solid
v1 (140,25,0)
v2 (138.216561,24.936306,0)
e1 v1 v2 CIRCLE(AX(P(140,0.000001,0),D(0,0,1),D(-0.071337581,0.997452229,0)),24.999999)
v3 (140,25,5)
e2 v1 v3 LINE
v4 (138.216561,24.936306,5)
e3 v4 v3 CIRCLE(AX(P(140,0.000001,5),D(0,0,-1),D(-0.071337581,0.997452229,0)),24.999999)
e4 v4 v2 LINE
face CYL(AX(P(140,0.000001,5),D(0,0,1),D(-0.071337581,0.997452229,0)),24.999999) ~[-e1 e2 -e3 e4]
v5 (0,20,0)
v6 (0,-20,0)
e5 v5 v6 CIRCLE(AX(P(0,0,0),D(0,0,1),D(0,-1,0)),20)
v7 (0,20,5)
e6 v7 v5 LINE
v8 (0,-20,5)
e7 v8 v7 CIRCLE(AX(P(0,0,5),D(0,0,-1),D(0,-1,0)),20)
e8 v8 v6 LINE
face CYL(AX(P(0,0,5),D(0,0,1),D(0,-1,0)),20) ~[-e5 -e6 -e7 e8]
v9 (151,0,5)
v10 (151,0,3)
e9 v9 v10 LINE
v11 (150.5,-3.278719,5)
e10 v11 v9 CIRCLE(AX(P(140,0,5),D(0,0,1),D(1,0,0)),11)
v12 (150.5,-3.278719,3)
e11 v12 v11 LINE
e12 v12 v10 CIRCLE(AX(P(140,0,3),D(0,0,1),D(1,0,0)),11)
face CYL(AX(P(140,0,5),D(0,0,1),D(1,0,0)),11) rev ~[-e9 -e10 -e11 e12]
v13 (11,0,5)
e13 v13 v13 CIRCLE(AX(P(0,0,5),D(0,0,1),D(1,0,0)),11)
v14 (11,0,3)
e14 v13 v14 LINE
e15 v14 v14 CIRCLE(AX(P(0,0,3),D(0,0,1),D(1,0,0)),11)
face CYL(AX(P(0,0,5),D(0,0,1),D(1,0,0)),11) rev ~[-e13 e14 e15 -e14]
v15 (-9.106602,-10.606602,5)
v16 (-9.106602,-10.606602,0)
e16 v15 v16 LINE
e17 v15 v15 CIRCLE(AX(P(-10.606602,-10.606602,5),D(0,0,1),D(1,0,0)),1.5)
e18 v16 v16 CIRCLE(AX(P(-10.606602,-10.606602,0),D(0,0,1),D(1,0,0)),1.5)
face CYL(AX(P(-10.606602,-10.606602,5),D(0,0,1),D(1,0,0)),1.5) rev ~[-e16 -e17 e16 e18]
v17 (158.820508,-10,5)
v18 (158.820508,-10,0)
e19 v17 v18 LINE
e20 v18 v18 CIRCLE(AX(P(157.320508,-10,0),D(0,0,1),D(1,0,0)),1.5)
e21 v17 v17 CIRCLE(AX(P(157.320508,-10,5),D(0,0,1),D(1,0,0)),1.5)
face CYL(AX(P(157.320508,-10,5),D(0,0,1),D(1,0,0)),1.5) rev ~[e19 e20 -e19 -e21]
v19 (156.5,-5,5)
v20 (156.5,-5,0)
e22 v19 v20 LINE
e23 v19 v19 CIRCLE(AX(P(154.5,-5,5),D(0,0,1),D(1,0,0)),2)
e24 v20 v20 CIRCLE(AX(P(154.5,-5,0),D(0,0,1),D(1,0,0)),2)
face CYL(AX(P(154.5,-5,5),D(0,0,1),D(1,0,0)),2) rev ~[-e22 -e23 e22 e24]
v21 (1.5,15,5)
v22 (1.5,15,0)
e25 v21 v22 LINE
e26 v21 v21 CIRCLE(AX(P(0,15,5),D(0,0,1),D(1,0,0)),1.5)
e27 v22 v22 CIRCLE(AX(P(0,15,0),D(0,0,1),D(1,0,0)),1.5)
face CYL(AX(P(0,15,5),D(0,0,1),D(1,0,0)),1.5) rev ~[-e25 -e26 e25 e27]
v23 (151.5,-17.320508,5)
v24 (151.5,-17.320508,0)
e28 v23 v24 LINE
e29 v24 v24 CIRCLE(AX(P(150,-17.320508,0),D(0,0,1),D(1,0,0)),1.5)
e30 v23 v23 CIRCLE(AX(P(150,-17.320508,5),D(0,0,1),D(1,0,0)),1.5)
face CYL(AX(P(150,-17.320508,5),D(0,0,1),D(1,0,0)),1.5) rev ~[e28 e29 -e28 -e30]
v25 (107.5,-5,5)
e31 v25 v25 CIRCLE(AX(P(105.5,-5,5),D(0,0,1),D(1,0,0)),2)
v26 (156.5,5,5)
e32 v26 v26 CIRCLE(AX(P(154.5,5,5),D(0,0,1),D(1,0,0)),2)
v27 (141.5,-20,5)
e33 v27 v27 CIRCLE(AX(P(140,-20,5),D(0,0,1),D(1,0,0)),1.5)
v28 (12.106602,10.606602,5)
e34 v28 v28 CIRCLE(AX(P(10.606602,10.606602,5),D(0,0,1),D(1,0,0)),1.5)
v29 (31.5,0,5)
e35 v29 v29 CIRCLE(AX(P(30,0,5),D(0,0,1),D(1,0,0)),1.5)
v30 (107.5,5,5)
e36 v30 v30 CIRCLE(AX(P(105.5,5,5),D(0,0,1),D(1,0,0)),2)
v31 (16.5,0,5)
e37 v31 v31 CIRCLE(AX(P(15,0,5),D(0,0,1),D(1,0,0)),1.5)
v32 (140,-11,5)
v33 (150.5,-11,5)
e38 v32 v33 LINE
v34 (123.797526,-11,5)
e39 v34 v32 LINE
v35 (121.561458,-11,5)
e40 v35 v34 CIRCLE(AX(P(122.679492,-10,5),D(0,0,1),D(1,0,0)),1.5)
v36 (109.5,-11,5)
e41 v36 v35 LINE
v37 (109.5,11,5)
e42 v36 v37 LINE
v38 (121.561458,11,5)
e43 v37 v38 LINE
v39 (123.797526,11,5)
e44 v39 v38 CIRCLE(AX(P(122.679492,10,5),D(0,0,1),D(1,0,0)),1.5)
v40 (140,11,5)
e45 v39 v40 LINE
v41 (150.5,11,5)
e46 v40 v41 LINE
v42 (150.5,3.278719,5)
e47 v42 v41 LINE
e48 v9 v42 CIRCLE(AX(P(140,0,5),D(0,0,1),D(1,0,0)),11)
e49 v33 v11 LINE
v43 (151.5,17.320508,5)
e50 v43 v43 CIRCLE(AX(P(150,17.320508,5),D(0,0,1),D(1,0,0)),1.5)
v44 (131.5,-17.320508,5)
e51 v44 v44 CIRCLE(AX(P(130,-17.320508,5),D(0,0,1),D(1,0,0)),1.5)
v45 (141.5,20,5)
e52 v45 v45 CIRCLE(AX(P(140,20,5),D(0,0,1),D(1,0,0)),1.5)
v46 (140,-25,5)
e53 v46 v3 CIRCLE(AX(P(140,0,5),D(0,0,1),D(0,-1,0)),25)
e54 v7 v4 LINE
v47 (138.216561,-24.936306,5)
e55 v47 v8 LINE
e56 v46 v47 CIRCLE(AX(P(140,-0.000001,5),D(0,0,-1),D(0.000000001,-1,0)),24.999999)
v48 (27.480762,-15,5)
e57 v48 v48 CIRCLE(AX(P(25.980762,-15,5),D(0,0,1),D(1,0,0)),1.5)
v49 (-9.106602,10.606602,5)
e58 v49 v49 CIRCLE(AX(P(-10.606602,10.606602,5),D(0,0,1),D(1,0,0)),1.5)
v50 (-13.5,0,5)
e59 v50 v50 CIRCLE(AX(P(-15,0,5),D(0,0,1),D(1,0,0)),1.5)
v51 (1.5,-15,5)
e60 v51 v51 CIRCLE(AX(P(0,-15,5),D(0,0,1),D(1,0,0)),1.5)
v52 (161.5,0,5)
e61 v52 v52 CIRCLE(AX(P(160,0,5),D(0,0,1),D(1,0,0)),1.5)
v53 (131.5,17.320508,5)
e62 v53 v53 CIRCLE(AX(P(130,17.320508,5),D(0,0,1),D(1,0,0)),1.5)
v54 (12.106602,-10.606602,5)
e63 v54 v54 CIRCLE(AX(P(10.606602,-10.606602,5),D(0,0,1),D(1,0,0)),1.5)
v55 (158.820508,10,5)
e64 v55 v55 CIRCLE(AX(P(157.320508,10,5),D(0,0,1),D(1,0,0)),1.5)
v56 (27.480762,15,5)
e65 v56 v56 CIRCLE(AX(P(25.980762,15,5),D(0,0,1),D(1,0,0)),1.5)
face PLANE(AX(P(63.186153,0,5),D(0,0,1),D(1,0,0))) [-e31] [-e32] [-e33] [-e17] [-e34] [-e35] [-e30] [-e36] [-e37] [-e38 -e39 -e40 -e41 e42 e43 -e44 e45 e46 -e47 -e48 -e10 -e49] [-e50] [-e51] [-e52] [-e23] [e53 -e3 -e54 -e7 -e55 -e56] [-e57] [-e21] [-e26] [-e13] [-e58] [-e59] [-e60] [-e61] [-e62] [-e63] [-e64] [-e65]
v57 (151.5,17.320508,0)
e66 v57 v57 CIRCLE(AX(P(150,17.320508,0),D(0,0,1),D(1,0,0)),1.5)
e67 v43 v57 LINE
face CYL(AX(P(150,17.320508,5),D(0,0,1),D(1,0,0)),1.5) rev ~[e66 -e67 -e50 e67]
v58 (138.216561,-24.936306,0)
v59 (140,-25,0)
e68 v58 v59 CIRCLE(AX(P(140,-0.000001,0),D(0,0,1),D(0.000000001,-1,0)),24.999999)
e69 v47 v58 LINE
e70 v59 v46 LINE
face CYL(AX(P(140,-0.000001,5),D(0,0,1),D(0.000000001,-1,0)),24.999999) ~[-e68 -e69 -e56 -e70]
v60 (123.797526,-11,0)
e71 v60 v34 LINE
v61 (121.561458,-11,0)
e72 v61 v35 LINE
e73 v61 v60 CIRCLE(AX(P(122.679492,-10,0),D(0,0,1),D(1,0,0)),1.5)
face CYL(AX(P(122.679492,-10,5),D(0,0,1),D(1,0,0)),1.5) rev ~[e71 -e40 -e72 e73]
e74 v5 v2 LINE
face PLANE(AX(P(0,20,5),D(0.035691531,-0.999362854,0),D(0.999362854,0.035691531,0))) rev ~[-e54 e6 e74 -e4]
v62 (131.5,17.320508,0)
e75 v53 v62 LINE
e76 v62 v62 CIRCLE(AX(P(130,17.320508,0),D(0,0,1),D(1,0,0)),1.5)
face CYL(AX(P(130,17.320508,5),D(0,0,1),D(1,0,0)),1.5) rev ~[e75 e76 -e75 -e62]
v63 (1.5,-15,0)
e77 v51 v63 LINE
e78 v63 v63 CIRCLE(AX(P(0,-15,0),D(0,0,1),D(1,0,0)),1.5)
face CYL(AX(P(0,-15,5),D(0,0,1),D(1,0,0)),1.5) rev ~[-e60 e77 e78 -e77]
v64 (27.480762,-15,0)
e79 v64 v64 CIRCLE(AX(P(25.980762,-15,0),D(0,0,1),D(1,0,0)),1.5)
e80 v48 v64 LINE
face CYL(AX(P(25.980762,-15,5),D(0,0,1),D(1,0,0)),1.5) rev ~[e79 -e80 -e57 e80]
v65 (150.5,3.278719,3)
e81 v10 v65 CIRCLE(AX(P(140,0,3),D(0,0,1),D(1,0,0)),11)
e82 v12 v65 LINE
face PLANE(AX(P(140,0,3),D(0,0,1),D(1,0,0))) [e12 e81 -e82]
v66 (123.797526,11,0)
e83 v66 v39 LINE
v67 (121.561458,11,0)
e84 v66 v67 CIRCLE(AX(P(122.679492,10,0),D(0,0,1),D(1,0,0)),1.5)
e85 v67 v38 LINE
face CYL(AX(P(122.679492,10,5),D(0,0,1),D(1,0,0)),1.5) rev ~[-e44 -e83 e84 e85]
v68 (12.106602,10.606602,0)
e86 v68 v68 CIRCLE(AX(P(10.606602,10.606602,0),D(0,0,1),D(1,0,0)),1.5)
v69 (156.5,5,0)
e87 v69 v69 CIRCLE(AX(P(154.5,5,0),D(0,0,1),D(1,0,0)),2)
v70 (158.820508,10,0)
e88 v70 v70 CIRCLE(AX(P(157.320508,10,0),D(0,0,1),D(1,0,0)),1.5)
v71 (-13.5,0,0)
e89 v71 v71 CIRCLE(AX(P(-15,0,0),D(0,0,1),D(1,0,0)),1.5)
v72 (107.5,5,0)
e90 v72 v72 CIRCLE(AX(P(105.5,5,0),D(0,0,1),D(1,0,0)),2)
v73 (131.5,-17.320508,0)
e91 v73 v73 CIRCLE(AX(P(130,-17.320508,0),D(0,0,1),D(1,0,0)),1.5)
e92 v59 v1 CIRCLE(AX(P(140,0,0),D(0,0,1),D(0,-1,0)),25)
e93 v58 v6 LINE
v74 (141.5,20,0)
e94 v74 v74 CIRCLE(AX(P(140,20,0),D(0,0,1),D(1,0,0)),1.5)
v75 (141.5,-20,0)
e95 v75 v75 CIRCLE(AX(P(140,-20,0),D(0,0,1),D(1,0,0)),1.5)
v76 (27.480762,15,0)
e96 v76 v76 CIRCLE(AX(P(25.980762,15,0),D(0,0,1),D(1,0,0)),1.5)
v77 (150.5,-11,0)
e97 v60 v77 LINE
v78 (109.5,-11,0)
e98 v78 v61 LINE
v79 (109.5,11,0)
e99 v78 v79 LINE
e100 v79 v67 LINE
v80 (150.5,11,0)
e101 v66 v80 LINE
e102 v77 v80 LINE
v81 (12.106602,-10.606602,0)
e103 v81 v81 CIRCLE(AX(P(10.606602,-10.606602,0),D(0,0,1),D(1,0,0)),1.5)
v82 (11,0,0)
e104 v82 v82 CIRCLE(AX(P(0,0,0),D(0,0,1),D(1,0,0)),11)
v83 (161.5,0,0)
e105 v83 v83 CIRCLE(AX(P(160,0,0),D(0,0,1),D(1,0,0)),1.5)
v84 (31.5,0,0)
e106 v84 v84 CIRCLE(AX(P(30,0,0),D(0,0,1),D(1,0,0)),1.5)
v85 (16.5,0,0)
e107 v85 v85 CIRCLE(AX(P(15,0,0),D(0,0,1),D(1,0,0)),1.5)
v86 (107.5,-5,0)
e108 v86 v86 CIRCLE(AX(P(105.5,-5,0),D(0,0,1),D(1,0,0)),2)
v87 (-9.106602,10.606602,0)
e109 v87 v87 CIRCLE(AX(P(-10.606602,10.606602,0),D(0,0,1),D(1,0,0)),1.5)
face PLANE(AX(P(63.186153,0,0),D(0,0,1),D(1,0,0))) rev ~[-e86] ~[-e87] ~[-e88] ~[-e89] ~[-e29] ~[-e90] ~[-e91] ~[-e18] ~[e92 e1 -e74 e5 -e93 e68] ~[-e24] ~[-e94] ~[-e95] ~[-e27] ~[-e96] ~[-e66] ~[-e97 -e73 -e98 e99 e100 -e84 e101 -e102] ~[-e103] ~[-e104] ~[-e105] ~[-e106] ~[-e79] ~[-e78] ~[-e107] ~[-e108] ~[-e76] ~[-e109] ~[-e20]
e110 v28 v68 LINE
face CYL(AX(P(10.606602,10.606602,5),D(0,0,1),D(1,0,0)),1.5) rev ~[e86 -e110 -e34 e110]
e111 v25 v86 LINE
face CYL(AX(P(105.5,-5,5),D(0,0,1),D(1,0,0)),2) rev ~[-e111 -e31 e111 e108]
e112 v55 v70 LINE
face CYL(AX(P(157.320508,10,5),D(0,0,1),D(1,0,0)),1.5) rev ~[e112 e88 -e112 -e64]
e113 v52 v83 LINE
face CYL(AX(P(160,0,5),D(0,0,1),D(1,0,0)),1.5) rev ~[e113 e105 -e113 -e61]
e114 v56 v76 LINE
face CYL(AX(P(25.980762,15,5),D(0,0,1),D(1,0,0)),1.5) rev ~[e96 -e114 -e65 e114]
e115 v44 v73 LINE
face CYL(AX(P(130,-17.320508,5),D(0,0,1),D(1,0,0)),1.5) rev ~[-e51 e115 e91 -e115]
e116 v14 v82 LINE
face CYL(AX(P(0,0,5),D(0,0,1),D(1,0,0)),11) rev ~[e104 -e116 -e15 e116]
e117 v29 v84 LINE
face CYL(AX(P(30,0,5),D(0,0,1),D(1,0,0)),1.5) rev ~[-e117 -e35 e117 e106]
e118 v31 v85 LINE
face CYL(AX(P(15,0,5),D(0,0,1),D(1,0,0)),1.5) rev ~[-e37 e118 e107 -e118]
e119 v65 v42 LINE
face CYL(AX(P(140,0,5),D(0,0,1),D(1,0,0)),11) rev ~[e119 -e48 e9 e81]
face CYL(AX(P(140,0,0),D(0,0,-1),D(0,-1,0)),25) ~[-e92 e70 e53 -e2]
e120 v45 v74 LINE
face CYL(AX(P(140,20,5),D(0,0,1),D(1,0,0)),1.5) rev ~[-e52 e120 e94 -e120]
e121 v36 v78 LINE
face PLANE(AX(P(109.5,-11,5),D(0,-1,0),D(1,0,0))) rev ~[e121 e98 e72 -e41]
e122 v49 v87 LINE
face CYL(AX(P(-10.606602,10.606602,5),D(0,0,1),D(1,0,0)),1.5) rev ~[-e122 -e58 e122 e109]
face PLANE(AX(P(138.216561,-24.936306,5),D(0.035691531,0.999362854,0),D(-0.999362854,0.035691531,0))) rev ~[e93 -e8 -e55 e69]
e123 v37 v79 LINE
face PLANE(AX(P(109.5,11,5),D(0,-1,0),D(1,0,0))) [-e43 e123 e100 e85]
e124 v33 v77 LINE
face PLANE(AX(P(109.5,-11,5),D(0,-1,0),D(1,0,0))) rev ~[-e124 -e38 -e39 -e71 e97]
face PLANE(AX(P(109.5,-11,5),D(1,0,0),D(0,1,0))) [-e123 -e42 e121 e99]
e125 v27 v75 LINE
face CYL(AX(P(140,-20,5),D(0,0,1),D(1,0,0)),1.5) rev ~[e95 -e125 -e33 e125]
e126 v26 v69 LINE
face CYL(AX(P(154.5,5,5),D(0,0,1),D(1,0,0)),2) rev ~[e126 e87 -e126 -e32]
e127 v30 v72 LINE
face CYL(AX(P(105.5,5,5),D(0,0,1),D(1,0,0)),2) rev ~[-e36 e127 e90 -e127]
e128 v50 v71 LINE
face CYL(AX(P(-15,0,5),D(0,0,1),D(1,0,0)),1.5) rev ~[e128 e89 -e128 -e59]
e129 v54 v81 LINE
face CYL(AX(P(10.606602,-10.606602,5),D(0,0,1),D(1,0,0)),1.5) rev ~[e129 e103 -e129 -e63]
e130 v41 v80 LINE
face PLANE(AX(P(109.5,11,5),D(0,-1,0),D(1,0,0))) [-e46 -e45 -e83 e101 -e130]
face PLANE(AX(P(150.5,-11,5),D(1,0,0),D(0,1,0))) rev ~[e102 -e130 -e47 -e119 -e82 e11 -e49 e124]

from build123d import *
from build123d.topology import SkipClean

# Parameters (mm, degrees)
EXTRUDE_3_DEPTH      = 5
SKETCH_4_R           = 4
SKETCH_4_R_2         = 1.5
CUT_EXTRUDE_3_DEPTH  = 5
SKETCH_5_R           = 11
CUT_EXTRUDE_4_DEPTH  = 2
SKETCH_6_R           = 1.5
CUT_EXTRUDE_6_DEPTH  = 169.745370307
SKETCH_7_R           = 1.5
CUT_EXTRUDE_7_DEPTH  = 10
SKETCH_8_R           = 11
CUT_EXTRUDE_8_DEPTH  = 10
SKETCH_9_R           = 1.5
CUT_EXTRUDE_9_DEPTH  = 10
SKETCH_10_R          = 5
CUT_EXTRUDE_10_DEPTH = 10
SKETCH_11_R          = 2
CUT_EXTRUDE_11_DEPTH = 10
SKETCH_12_W          = 41
SKETCH_12_H          = 22
CUT_EXTRUDE_12_DEPTH = 10


with BuildPart() as part:
    # 草图1 → 凸台-拉伸3 (new body)
    with BuildSketch(Plane.XY):
        with BuildLine():
            Line((140, 25), (0, 35))
            ThreePointArc((0, 35), (-35, 0), (0, -35))
            Line((0, -35), (140, -25))
            ThreePointArc((140, -25), (165, 0), (140, 25))
        make_face()
    extrude(amount=EXTRUDE_3_DEPTH)

    # 草图4 → 切除-拉伸3 (cut)
    with BuildSketch(Plane.XY.offset(5)):
        with Locations((140, 0)):
            Circle(SKETCH_4_R)
        Circle(SKETCH_4_R)
        with BuildLine():
            Line((-5, -3.5), (-5, -5))
            Line((-5, -5), (-3.5, -5))
            ThreePointArc((-3.5, -5), (-3.939339828, -3.939339828), (-5, -3.5))
        make_face()
        with BuildLine():
            Line((-3.5, -5), (-5, -5))
            Line((-5, -5), (-5, -3.5))
            ThreePointArc((-5, -3.5), (-6.060660172, -6.060660172), (-3.5, -5))
        make_face()
        with Locations((135, 5)):
            Circle(SKETCH_4_R_2)
        with Locations((135, -5)):
            Circle(SKETCH_4_R_2)
        with Locations((145, -5)):
            Circle(SKETCH_4_R_2)
        with Locations((145, 5)):
            Circle(SKETCH_4_R_2)
        with Locations((-5, 5)):
            Circle(SKETCH_4_R_2)
        with Locations((5, 5)):
            Circle(SKETCH_4_R_2)
        with Locations((5, -5)):
            Circle(SKETCH_4_R_2)
    extrude(amount=-CUT_EXTRUDE_3_DEPTH, mode=Mode.SUBTRACT)

    # 草图5 → 切除-拉伸4 (cut)
    with BuildSketch(Plane.XY.offset(5)):
        Circle(SKETCH_5_R)
        with Locations((140, 0)):
            Circle(SKETCH_5_R)
    extrude(amount=-CUT_EXTRUDE_4_DEPTH, mode=Mode.SUBTRACT)

    # 草图6 → 切除-拉伸6 (cut, through all)
    with BuildSketch(Plane.XY.offset(5)):
        with Locations((0, 30)):
            Circle(SKETCH_6_R)
        with Locations((15, 25.980762114)):
            Circle(SKETCH_6_R)
        with Locations((25.980762114, 15)):
            Circle(SKETCH_6_R)
        with Locations((30, 0)):
            Circle(SKETCH_6_R)
        with Locations((25.980762114, -15)):
            Circle(SKETCH_6_R)
        with Locations((15, -25.980762114)):
            Circle(SKETCH_6_R)
        with Locations((0, -30)):
            Circle(SKETCH_6_R)
        with Locations((-15, -25.980762114)):
            Circle(SKETCH_6_R)
        with Locations((-25.980762114, -15)):
            Circle(SKETCH_6_R)
        with Locations((-30, 0)):
            Circle(SKETCH_6_R)
        with Locations((-25.980762114, 15)):
            Circle(SKETCH_6_R)
        with Locations((-15, 25.980762114)):
            Circle(SKETCH_6_R)
        with Locations((140, 20)):
            Circle(SKETCH_6_R)
        with Locations((150, 17.320508076)):
            Circle(SKETCH_6_R)
        with Locations((157.320508076, 10)):
            Circle(SKETCH_6_R)
        with Locations((160, 0)):
            Circle(SKETCH_6_R)
        with Locations((157.320508076, -10)):
            Circle(SKETCH_6_R)
        with Locations((150, -17.320508076)):
            Circle(SKETCH_6_R)
        with Locations((140, -20)):
            Circle(SKETCH_6_R)
        with Locations((130, -17.320508076)):
            Circle(SKETCH_6_R)
        with Locations((122.679491924, -10)):
            Circle(SKETCH_6_R)
        with Locations((120, 0)):
            Circle(SKETCH_6_R)
        with Locations((122.679491924, 10)):
            Circle(SKETCH_6_R)
        with Locations((130, 17.320508076)):
            Circle(SKETCH_6_R)
    extrude(amount=-CUT_EXTRUDE_6_DEPTH, mode=Mode.SUBTRACT)

    # 草图7 → 切除-拉伸7 (cut)
    with SkipClean():  # the faces are left unmerged after this step: merging them gives an invalid solid
        with BuildSketch(Plane.XY.offset(5)):
            with BuildLine():
                ThreePointArc((138.21656051, 24.936305732), (139.107711737, 24.984071359), (140, 25))
                Line((140, 25), (0, 35))
                ThreePointArc((0, 35), (-35, 0), (0, -35))
                Line((0, -35), (140, -25))
                ThreePointArc((140, -25), (139.107711737, -24.984071359), (138.21656051, -24.936305732))
                Line((138.21656051, -24.936305732), (0, -20))
                ThreePointArc((0, -20), (-20, 0), (0, 20))
                Line((0, 20), (138.21656051, 24.936305732))
            make_face()
            with Locations((0, -30)):
                Circle(SKETCH_7_R, mode=Mode.SUBTRACT)
            with Locations((-15, -25.980762114)):
                Circle(SKETCH_7_R, mode=Mode.SUBTRACT)
            with Locations((15, -25.980762114)):
                Circle(SKETCH_7_R, mode=Mode.SUBTRACT)
            with Locations((-25.980762114, -15)):
                Circle(SKETCH_7_R, mode=Mode.SUBTRACT)
            with Locations((-30, 0)):
                Circle(SKETCH_7_R, mode=Mode.SUBTRACT)
            with Locations((-25.980762114, 15)):
                Circle(SKETCH_7_R, mode=Mode.SUBTRACT)
            with Locations((-15, 25.980762114)):
                Circle(SKETCH_7_R, mode=Mode.SUBTRACT)
            with Locations((0, 30)):
                Circle(SKETCH_7_R, mode=Mode.SUBTRACT)
            with Locations((15, 25.980762114)):
                Circle(SKETCH_7_R, mode=Mode.SUBTRACT)
        extrude(amount=-CUT_EXTRUDE_7_DEPTH, mode=Mode.SUBTRACT)

    # 草图8 → 切除-拉伸8 (cut)
    with SkipClean():  # the faces are left unmerged after this step: merging them gives an invalid solid
        with BuildSketch(Plane.XY.offset(5)):
            Circle(SKETCH_8_R)
        extrude(amount=-CUT_EXTRUDE_8_DEPTH, mode=Mode.SUBTRACT)

    # 草图9 → 切除-拉伸9 (cut)
    with SkipClean():  # the faces are left unmerged after this step: merging them gives an invalid solid
        with BuildSketch(Plane.XY.offset(5)):
            with Locations((0, 15)):
                Circle(SKETCH_9_R)
            with Locations((10.606601718, 10.606601718)):
                Circle(SKETCH_9_R)
            with Locations((15, 0)):
                Circle(SKETCH_9_R)
            with Locations((10.606601718, -10.606601718)):
                Circle(SKETCH_9_R)
            with Locations((0, -15)):
                Circle(SKETCH_9_R)
            with Locations((-10.606601718, -10.606601718)):
                Circle(SKETCH_9_R)
            with Locations((-15, 0)):
                Circle(SKETCH_9_R)
            with Locations((-10.606601718, 10.606601718)):
                Circle(SKETCH_9_R)
        extrude(amount=-CUT_EXTRUDE_9_DEPTH, mode=Mode.SUBTRACT)

    # 草图10 → 切除-拉伸10 (cut)
    with SkipClean():  # the faces are left unmerged after this step: merging them gives an invalid solid
        with BuildSketch(Plane.XY.offset(3)):
            with Locations((140, 0)):
                Circle(SKETCH_10_R)
        extrude(amount=-CUT_EXTRUDE_10_DEPTH, mode=Mode.SUBTRACT)

    # 草图11 → 切除-拉伸11 (cut)
    with SkipClean():  # the faces are left unmerged after this step: merging them gives an invalid solid
        with BuildSketch(Plane.XY.offset(5)):
            with Locations((105.5, 5)):
                Circle(SKETCH_11_R)
            Polygon((110, 10), (110, 0), (110, -10), (150, -10), (150, 10), align=None)
            with Locations((105.5, -5)):
                Circle(SKETCH_11_R)
            with Locations((154.5, -5)):
                Circle(SKETCH_11_R)
            with Locations((154.5, 5)):
                Circle(SKETCH_11_R)
        extrude(amount=-CUT_EXTRUDE_11_DEPTH, mode=Mode.SUBTRACT)

    # 草图12 → 切除-拉伸12 (cut)
    with SkipClean():  # the faces are left unmerged after this step: merging them gives an invalid solid
        with BuildSketch(Plane.XY.offset(5)):
            with Locations((130, 0)):
                Rectangle(SKETCH_12_W, SKETCH_12_H)
        extrude(amount=-CUT_EXTRUDE_12_DEPTH, mode=Mode.SUBTRACT)


solid = part.part
